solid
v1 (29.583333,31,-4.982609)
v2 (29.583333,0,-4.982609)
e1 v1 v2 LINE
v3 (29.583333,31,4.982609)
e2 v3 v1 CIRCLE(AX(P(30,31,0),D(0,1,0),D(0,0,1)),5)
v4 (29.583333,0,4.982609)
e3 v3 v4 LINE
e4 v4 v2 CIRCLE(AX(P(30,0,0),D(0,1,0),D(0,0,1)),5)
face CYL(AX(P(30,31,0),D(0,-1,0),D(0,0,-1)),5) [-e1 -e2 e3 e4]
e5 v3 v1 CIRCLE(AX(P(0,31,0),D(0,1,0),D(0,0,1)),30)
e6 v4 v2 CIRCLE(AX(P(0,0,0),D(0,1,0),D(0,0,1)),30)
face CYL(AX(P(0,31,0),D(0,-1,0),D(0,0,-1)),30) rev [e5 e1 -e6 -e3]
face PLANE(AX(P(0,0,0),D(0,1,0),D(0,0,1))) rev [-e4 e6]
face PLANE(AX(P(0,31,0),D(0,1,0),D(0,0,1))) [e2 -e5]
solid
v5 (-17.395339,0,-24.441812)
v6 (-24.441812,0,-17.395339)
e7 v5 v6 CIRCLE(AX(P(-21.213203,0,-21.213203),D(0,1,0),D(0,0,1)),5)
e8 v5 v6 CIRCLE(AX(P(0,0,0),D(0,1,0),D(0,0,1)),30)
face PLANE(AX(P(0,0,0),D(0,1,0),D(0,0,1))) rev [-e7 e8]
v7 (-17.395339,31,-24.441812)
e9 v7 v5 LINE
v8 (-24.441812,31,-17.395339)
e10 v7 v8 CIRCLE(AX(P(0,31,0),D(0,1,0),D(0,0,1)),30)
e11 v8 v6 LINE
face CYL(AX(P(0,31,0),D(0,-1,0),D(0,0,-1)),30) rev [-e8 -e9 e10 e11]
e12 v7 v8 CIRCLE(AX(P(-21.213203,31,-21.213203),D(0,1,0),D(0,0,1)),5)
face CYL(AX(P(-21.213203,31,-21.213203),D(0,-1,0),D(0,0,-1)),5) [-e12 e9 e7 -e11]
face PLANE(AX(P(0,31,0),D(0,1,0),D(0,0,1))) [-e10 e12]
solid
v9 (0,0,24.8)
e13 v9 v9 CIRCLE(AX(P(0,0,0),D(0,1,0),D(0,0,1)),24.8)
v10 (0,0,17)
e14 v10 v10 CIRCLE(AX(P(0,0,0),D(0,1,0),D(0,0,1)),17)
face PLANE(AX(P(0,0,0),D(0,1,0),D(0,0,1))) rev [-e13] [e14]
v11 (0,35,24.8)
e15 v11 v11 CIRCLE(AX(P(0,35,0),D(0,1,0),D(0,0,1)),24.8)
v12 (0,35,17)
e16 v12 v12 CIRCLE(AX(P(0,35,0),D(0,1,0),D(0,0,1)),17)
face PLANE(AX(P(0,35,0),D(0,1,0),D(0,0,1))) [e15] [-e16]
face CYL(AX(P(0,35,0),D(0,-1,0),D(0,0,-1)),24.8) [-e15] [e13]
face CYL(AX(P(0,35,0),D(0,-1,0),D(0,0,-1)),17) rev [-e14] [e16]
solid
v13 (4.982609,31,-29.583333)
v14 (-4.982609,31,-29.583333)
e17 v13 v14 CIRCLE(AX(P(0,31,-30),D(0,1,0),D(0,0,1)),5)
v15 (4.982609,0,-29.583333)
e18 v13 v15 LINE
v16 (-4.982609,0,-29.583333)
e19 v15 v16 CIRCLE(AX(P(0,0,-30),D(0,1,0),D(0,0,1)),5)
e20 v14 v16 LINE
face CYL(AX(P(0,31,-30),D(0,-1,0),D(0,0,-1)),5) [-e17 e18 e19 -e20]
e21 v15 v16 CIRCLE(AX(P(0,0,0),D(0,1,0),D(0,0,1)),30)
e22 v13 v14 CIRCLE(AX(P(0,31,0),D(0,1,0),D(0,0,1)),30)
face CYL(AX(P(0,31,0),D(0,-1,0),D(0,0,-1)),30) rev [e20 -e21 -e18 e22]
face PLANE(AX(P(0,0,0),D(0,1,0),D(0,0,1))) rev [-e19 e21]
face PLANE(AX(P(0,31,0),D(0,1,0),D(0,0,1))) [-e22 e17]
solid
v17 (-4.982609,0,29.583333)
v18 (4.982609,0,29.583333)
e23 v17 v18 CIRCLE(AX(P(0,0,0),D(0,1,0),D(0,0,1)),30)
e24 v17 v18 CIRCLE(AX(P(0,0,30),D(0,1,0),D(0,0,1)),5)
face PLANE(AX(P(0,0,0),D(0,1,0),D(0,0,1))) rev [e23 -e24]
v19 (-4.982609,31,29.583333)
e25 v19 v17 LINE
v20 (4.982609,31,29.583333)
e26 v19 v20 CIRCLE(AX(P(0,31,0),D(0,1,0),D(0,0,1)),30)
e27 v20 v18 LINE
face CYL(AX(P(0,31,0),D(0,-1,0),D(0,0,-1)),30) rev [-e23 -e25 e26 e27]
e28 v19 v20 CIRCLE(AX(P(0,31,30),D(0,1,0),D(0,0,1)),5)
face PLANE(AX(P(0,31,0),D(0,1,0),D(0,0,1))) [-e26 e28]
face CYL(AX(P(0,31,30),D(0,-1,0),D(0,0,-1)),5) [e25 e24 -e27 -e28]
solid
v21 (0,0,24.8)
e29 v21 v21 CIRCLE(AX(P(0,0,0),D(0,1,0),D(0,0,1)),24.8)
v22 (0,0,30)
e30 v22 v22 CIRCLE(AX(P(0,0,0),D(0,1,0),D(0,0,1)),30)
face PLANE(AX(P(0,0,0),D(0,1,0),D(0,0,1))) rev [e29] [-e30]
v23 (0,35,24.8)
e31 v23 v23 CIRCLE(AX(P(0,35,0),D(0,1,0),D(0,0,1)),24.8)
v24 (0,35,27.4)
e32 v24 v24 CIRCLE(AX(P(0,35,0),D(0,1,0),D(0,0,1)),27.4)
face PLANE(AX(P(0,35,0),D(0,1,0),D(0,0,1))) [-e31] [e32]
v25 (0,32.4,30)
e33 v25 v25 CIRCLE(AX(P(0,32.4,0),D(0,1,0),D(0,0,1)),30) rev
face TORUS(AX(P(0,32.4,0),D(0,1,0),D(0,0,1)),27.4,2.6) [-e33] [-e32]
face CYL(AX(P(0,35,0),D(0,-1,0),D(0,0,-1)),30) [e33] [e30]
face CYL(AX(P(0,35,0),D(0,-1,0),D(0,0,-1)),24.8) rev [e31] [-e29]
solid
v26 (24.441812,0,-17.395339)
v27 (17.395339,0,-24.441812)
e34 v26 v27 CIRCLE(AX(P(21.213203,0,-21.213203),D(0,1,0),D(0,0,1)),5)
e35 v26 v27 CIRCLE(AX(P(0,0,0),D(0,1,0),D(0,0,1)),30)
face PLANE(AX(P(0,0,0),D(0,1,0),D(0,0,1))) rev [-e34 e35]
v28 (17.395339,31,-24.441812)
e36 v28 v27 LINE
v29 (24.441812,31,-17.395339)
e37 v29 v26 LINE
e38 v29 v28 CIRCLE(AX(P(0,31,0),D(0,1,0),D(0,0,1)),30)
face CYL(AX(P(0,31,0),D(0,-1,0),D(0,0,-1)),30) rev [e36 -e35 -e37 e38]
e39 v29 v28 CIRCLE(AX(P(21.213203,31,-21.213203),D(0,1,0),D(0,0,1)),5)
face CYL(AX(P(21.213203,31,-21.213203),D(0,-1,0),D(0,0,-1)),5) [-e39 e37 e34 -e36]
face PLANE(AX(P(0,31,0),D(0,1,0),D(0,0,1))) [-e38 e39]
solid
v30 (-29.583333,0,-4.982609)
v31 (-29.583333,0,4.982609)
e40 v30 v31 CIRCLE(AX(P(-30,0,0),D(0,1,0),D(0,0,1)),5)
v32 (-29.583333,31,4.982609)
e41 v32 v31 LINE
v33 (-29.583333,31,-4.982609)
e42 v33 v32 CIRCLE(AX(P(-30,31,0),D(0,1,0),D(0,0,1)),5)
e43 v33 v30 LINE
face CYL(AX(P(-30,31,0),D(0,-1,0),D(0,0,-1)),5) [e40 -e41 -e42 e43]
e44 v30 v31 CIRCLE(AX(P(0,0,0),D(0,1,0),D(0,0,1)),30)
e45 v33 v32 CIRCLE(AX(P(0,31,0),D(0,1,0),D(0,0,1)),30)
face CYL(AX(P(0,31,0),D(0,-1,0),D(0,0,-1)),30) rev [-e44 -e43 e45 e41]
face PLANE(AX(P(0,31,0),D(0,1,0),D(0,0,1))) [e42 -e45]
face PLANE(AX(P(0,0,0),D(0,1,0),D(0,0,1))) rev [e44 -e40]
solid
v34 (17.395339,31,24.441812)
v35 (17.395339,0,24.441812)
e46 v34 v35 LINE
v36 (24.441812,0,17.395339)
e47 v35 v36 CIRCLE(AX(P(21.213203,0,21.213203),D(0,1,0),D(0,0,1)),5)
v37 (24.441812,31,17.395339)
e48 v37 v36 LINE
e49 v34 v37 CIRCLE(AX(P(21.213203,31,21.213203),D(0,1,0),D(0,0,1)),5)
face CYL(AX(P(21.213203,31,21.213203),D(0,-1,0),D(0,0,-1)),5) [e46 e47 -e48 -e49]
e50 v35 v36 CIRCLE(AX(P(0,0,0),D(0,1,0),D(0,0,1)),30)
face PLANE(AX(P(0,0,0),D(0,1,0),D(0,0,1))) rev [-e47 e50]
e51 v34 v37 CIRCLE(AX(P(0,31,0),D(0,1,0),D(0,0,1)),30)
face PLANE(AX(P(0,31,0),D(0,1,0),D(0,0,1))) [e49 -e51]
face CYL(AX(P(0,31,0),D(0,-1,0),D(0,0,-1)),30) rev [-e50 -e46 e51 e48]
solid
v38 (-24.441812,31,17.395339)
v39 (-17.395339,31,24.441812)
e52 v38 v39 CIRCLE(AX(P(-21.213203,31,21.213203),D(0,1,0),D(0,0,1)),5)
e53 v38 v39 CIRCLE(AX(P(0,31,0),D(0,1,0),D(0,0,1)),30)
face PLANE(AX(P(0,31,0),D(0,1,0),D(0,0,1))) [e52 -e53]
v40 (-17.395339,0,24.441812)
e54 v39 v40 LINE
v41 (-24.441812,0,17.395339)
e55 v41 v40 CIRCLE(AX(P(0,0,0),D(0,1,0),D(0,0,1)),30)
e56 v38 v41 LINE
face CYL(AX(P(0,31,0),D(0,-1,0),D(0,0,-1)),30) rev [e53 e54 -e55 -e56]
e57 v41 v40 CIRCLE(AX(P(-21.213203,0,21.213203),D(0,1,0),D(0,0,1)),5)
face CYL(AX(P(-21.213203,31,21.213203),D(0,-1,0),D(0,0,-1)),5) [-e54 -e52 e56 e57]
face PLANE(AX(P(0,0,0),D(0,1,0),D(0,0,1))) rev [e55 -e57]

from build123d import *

# Parameters (mm, degrees)
SKETCH2_R             = 24.8
BOSS_EXTRUDE1_DEPTH   = 35
BOSS_EXTRUDE2_DEPTH   = 31
BOSS_EXTRUDE2_2_DEPTH = 31
BOSS_EXTRUDE2_3_DEPTH = 31
BOSS_EXTRUDE2_4_DEPTH = 31
BOSS_EXTRUDE2_5_DEPTH = 31
BOSS_EXTRUDE2_6_DEPTH = 31
BOSS_EXTRUDE2_7_DEPTH = 31
BOSS_EXTRUDE2_8_DEPTH = 31
SKETCH2_11_R          = 24.8
SKETCH2_11_R_2        = 17
BOSS_EXTRUDE4_DEPTH   = 35
FILLET5_R             = 2.6


with BuildPart() as part:
    # Sketch2 → Boss-Extrude1 (new body)
    with BuildSketch(Plane(origin=(0, 0, 0), x_dir=(1, 0, 0), z_dir=(0, 1, 0))):
        with BuildLine():
            ThreePointArc((29.58333333333338, -4.982608642958634), (29.895651857753503, -2.4999999999998614), (29.999999999999996, -7.35e-15))
            ThreePointArc((29.999999999999996, 0), (29.895651857753478, 2.5000000000001705), (29.58333333333327, 4.982608642959254))
            ThreePointArc((29.58333333333327, 4.982608642959254), (27.71638597533855, 11.480502970952813), (24.441811969537028, 17.39533925066701))
            ThreePointArc((24.441811969537028, 17.39533925066701), (21.213203435596466, 21.21320343559638), (17.395339250667107, 24.44181196953696))
            ThreePointArc((17.395339250667107, 24.44181196953696), (11.480502970952717, 27.71638597533859), (4.982608642958938, 29.583333333333325))
            ThreePointArc((4.982608642958938, 29.583333333333325), (1.84e-15, 29.999999999999996), (-4.98260864295894, 29.583333333333325))
            ThreePointArc((-4.98260864295894, 29.583333333333325), (-11.480502970952713, 27.71638597533859), (-17.395339250667096, 24.441811969536968))
            ThreePointArc((-17.395339250667096, 24.441811969536968), (-21.21320343559646, 21.213203435596387), (-24.441811969537017, 17.395339250667025))
            ThreePointArc((-24.441811969537017, 17.395339250667025), (-27.71638597533862, 11.480502970952633), (-29.583333333333343, 4.982608642958841))
            ThreePointArc((-29.583333333333343, 4.982608642958841), (-29.999999999999996, -1.0291e-13), (-29.583333333333307, -4.982608642959043))
            ThreePointArc((-29.583333333333307, -4.982608642959043), (-27.716385975338632, -11.480502970952614), (-24.441811969537152, -17.395339250666837))
            ThreePointArc((-24.441811969537152, -17.395339250666837), (-21.213203435596615, -21.21320343559623), (-17.395339250667277, -24.441811969536836))
            ThreePointArc((-17.395339250667277, -24.441811969536836), (-11.480502970953104, -27.71638597533843), (-4.9826086429595255, -29.58333333333323))
            ThreePointArc((-4.9826086429595255, -29.58333333333323), (-2.1867e-13, -29.999999999999996), (4.9826086429591205, -29.583333333333293))
            ThreePointArc((4.9826086429591205, -29.583333333333293), (11.4805029709527, -27.716385975338596), (17.395339250666918, -24.44181196953709))
            ThreePointArc((17.395339250666918, -24.44181196953709), (21.213203435596306, -21.21320343559654), (24.441811969536896, -17.395339250667192))
            ThreePointArc((24.441811969536896, -17.395339250667192), (27.716385975338632, -11.480502970952612), (29.58333333333338, -4.982608642958634))
        make_face()
        Circle(SKETCH2_R, mode=Mode.SUBTRACT)
    extrude(amount=BOSS_EXTRUDE1_DEPTH)

    # Fillet5
    fillet5_edges = [part.edges().sort_by_distance(p)[0] for p in [
        (-29.58333333333346, 35, -4.982608642958666),
    ]]
    fillet(fillet5_edges, radius=FILLET5_R)


with BuildPart() as body_2:
    # Sketch2<8> → Boss-Extrude2 (new body)
    with BuildSketch(Plane(origin=(0, 0, 0), x_dir=(1, 0, 0), z_dir=(0, 1, 0))):
        with BuildLine():
            ThreePointArc((29.583333333333275, 4.982608642959254), (30, 3.1974e-13), (29.583333333333382, -4.982608642958624))
            ThreePointArc((29.58333333333338, -4.982608642958625), (34.999999999997485, 3.6798e-13), (29.583333333333282, 4.982608642959255))
        make_face()
    extrude(amount=BOSS_EXTRUDE2_DEPTH)


with BuildPart() as body_3:
    # Sketch2<8> → Boss-Extrude2 2 (new body)
    with BuildSketch(Plane(origin=(0, 0, 0), x_dir=(1, 0, 0), z_dir=(0, 1, 0))):
        with BuildLine():
            ThreePointArc((17.395339250667107, 24.44181196953696), (21.213203435596466, 21.21320343559638), (24.441811969537028, 17.39533925066701))
            ThreePointArc((24.44181196953703, 17.39533925066701), (24.74873734152867, 24.74873734152857), (17.39533925066711, 24.441811969536964))
        make_face()
    extrude(amount=BOSS_EXTRUDE2_2_DEPTH)


with BuildPart() as body_4:
    # Sketch2<8> → Boss-Extrude2 3 (new body)
    with BuildSketch(Plane(origin=(0, 0, 0), x_dir=(1, 0, 0), z_dir=(0, 1, 0))):
        with BuildLine():
            ThreePointArc((17.395339250666932, -24.441811969537085), (24.748737341529054, -24.748737341529317), (24.441811969536907, -17.39533925066719))
            ThreePointArc((24.441811969536896, -17.395339250667192), (21.213203435596306, -21.21320343559654), (17.395339250666918, -24.44181196953709))
        make_face()
    extrude(amount=BOSS_EXTRUDE2_3_DEPTH)


with BuildPart() as body_5:
    # Sketch2<8> → Boss-Extrude2 4 (new body)
    with BuildSketch(Plane(origin=(0, 0, 0), x_dir=(1, 0, 0), z_dir=(0, 1, 0))):
        with BuildLine():
            ThreePointArc((-4.98260864295894, 29.583333333333325), (1.84e-15, 29.999999999999996), (4.982608642958938, 29.583333333333325))
            ThreePointArc((4.98260864295894, 29.58333333333333), (9.4e-16, 35.000000000000014), (-4.982608642958942, 29.583333333333332))
        make_face()
    extrude(amount=BOSS_EXTRUDE2_4_DEPTH)


with BuildPart() as body_6:
    # Sketch2<8> → Boss-Extrude2 5 (new body)
    with BuildSketch(Plane(origin=(0, 0, 0), x_dir=(1, 0, 0), z_dir=(0, 1, 0))):
        with BuildLine():
            ThreePointArc((-4.982608642959509, -29.583333333333233), (-2.281e-13, -35.000000000009365), (4.982608642959123, -29.583333333333297))
            ThreePointArc((4.9826086429591205, -29.583333333333293), (-2.1867e-13, -29.999999999999996), (-4.9826086429595255, -29.58333333333323))
        make_face()
    extrude(amount=BOSS_EXTRUDE2_5_DEPTH)


with BuildPart() as body_7:
    # Sketch2<8> → Boss-Extrude2 6 (new body)
    with BuildSketch(Plane(origin=(0, 0, 0), x_dir=(1, 0, 0), z_dir=(0, 1, 0))):
        with BuildLine():
            ThreePointArc((-24.441811969537017, 17.395339250667025), (-21.21320343559646, 21.213203435596387), (-17.395339250667096, 24.441811969536968))
            ThreePointArc((-17.3953392506671, 24.441811969536964), (-24.74873734152922, 24.74873734152914), (-24.441811969537024, 17.39533925066702))
        make_face()
    extrude(amount=BOSS_EXTRUDE2_6_DEPTH)


with BuildPart() as body_8:
    # Sketch2<8> → Boss-Extrude2 7 (new body)
    with BuildSketch(Plane(origin=(0, 0, 0), x_dir=(1, 0, 0), z_dir=(0, 1, 0))):
        with BuildLine():
            ThreePointArc((-24.44181196953715, -17.395339250666844), (-24.748737341529395, -24.748737341528958), (-17.395339250667277, -24.441811969536843))
            ThreePointArc((-17.395339250667277, -24.441811969536836), (-21.213203435596615, -21.21320343559623), (-24.441811969537152, -17.395339250666837))
        make_face()
    extrude(amount=BOSS_EXTRUDE2_7_DEPTH)


with BuildPart() as body_9:
    # Sketch2<8> → Boss-Extrude2 8 (new body)
    with BuildSketch(Plane(origin=(0, 0, 0), x_dir=(1, 0, 0), z_dir=(0, 1, 0))):
        with BuildLine():
            ThreePointArc((-29.583333333333307, -4.982608642959043), (-29.999999999999996, -1.0291e-13), (-29.583333333333343, 4.982608642958841))
            ThreePointArc((-29.58333333333334, 4.982608642958835), (-35.00000000000002, -1.199e-13), (-29.58333333333331, -4.982608642959043))
        make_face()
    extrude(amount=BOSS_EXTRUDE2_8_DEPTH)


with BuildPart() as body_10:
    # Sketch2<11> → Boss-Extrude4 (new body)
    with BuildSketch(Plane(origin=(0, 0, 0), x_dir=(1, 0, 0), z_dir=(0, 1, 0))):
        Circle(SKETCH2_11_R)
        Circle(SKETCH2_11_R_2, mode=Mode.SUBTRACT)
    extrude(amount=BOSS_EXTRUDE4_DEPTH)


solid = Compound([part.part, body_2.part, body_3.part, body_4.part, body_5.part, body_6.part, body_7.part, body_8.part, body_9.part, body_10.part])
